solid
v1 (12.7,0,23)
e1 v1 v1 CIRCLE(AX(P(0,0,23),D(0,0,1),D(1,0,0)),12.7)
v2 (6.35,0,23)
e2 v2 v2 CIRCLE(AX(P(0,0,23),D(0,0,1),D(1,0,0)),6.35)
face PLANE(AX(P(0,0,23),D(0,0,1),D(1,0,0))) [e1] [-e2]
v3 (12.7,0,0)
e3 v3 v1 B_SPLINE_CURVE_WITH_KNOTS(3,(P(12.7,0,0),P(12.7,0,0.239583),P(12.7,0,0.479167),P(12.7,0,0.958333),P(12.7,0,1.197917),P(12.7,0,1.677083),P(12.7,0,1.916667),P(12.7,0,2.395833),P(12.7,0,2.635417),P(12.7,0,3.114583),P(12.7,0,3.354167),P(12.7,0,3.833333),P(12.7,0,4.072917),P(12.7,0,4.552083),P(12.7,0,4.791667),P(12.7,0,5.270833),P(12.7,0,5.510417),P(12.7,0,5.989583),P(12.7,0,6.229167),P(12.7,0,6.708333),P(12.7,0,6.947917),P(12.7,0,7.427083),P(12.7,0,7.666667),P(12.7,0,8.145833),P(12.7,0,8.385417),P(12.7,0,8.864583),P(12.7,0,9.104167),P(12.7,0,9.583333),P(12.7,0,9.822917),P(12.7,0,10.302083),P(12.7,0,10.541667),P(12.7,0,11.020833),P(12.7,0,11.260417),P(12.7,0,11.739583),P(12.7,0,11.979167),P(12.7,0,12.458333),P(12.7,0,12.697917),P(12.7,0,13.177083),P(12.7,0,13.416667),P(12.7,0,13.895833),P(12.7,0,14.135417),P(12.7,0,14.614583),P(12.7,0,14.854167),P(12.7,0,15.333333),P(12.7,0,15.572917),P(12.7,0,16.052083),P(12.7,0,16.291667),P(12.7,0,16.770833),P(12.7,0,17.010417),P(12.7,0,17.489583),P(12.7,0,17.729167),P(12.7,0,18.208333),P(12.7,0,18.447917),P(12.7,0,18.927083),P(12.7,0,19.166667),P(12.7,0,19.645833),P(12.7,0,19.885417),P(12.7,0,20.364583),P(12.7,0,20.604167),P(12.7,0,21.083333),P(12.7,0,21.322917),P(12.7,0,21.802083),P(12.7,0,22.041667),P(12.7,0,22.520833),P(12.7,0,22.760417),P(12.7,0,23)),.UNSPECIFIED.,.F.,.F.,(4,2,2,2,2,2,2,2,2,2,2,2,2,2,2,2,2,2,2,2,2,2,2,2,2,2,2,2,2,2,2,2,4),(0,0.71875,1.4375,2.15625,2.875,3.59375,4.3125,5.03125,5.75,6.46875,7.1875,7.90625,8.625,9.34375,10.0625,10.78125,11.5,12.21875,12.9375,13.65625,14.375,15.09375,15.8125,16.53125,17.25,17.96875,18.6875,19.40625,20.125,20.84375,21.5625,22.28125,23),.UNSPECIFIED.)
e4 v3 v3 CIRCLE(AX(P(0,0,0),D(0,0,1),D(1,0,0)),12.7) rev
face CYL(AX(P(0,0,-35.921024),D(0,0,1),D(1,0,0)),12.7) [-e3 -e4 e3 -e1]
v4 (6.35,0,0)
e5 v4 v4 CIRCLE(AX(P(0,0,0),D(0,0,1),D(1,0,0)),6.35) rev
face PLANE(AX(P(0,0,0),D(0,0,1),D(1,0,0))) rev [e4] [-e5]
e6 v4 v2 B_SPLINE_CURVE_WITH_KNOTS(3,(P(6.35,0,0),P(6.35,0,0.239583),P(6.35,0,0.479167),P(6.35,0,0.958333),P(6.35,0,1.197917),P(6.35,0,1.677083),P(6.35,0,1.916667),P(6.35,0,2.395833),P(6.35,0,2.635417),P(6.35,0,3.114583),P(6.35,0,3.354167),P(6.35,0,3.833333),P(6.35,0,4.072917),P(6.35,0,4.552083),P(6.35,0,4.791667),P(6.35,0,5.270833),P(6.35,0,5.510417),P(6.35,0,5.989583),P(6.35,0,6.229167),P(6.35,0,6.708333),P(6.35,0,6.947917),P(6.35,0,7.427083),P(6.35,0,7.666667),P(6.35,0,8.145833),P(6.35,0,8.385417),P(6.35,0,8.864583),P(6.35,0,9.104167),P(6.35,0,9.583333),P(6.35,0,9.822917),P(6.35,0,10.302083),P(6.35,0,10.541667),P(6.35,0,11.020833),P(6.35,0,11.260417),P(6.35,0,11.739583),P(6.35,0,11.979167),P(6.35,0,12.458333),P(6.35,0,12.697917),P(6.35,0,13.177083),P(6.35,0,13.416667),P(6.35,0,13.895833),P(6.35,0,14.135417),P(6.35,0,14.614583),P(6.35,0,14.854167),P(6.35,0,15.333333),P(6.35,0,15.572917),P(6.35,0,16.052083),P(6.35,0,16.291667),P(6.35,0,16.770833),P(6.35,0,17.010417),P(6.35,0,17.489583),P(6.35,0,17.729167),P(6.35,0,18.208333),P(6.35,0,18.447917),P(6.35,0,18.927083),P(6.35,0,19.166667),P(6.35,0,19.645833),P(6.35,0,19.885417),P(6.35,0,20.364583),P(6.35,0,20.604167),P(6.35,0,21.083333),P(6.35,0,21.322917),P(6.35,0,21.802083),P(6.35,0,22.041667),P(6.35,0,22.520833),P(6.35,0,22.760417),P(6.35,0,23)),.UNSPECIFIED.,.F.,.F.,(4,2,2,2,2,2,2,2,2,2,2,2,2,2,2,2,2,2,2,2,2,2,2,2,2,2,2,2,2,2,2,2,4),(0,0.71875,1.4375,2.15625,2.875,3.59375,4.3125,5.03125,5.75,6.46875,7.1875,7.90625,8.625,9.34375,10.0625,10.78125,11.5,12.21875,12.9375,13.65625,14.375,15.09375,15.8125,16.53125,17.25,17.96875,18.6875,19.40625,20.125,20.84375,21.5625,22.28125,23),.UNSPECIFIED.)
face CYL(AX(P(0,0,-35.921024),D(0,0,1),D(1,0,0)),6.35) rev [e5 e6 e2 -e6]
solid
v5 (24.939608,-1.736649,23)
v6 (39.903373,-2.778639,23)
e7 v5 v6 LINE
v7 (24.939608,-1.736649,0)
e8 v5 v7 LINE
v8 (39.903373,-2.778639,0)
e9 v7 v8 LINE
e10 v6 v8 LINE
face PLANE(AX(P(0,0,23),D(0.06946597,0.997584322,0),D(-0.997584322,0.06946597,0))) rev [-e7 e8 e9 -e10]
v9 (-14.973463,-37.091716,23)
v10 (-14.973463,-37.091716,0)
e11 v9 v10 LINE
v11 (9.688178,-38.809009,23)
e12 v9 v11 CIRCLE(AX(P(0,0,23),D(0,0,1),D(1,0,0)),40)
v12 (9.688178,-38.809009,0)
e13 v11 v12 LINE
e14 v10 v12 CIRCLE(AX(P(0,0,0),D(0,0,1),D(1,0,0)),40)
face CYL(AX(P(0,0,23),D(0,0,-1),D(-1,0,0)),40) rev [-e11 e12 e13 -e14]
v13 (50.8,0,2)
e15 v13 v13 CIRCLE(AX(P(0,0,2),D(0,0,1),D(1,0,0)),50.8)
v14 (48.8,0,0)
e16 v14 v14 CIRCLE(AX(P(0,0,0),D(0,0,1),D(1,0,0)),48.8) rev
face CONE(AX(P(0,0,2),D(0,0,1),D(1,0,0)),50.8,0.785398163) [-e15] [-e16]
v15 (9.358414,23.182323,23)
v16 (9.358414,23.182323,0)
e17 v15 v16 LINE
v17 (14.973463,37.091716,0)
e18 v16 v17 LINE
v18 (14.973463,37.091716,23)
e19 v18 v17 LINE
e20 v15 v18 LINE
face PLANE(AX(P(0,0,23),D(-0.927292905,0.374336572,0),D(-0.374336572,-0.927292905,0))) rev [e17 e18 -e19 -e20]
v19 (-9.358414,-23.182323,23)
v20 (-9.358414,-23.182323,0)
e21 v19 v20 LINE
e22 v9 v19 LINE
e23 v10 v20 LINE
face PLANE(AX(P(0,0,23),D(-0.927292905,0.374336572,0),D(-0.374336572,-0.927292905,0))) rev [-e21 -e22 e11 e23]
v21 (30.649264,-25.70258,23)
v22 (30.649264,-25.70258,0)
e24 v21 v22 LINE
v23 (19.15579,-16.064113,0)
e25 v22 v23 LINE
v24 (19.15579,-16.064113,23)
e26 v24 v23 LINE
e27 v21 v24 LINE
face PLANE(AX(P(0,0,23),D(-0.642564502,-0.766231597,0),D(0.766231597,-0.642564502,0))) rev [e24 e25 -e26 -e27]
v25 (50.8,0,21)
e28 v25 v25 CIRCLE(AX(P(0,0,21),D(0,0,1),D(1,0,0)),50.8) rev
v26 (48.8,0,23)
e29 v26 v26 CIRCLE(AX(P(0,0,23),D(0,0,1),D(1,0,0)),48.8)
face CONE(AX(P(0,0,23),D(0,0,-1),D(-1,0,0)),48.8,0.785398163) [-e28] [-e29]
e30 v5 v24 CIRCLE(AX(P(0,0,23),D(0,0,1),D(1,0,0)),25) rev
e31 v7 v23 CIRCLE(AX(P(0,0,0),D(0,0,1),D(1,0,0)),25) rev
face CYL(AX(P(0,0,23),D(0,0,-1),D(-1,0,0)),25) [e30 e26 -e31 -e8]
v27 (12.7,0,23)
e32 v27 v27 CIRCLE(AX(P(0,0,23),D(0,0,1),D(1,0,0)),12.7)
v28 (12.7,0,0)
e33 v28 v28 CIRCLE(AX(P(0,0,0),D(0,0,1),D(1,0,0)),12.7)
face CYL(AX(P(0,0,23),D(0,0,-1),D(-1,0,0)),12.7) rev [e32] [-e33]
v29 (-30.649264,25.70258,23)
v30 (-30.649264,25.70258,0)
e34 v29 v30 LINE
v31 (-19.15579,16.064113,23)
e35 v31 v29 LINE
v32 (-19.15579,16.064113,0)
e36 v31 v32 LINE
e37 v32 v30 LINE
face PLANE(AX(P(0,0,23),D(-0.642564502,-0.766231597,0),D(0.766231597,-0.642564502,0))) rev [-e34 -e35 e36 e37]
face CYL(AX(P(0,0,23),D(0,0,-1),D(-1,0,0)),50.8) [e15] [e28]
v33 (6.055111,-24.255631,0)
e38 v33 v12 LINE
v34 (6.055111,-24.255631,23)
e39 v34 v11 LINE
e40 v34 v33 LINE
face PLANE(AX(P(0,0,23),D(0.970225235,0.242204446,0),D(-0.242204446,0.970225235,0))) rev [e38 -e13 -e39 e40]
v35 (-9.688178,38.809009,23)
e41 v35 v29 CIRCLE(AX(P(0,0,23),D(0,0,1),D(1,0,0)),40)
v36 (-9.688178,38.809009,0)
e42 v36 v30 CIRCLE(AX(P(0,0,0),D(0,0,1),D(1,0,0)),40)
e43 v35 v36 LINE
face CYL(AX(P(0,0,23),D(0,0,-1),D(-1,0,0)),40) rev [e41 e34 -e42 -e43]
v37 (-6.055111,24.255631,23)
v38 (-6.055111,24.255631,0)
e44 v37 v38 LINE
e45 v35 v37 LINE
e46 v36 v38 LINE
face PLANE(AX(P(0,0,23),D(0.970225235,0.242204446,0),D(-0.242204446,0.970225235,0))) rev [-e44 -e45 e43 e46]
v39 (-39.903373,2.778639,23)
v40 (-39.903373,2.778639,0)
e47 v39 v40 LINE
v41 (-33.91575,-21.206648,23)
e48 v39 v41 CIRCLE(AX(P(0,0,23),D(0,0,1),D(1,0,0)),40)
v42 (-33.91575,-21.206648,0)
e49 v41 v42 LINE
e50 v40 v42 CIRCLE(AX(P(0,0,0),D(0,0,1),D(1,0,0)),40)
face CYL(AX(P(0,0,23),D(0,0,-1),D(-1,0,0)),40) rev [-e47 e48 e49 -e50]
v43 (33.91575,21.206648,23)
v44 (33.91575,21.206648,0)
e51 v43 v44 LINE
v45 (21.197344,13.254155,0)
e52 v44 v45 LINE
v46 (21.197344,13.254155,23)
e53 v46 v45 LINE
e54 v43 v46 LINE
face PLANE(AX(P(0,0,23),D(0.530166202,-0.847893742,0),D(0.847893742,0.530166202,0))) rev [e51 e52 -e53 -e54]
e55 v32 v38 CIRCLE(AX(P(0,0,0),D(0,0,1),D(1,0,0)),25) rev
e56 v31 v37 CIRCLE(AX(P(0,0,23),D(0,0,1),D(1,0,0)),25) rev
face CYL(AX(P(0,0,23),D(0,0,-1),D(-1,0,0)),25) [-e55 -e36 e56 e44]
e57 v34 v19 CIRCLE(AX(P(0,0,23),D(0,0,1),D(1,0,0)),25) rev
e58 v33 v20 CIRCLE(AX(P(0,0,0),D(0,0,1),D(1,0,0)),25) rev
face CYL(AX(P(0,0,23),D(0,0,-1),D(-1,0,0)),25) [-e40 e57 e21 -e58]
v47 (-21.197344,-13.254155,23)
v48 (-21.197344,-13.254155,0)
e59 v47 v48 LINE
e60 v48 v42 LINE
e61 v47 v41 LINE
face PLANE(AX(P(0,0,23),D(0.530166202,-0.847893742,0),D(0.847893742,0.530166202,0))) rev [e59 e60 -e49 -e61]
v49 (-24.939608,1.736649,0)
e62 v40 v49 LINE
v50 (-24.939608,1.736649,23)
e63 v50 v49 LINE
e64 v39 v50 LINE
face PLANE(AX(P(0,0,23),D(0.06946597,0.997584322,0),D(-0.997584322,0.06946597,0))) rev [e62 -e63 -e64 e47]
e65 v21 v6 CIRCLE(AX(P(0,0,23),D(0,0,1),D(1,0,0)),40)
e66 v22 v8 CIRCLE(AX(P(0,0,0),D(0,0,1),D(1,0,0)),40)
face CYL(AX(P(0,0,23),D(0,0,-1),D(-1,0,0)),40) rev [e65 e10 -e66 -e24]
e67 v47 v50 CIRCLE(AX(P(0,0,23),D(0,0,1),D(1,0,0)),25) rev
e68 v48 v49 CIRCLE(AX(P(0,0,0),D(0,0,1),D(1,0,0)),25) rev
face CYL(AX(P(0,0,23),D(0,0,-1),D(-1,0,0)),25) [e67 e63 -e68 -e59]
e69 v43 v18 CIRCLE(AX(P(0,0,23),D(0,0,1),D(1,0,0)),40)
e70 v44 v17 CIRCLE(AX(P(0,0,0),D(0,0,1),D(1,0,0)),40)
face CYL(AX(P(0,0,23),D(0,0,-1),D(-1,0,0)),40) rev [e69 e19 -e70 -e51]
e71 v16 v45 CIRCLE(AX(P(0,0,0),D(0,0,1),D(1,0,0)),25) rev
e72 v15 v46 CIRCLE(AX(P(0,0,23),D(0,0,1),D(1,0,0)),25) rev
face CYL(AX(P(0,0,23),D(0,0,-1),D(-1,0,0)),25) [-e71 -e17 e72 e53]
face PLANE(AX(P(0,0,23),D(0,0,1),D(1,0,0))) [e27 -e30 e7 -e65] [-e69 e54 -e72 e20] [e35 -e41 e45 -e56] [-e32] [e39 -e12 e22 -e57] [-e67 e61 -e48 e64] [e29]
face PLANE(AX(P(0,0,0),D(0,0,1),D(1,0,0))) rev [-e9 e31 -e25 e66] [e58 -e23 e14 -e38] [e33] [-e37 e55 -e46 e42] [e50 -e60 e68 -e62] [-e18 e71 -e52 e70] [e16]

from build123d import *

# Parameters (mm, degrees)
SKETCH1_R           = 50.8
SKETCH1_R_2         = 12.7
BOSS_EXTRUDE1_DEPTH = 23
CHAMFER1_SIZE       = 2
SKETCH3_R           = 12.7
SKETCH3_R_2         = 6.35
BOSS_EXTRUDE3_DEPTH = 23


with BuildPart() as part:
    # Sketch1 → Boss-Extrude1 (new body)
    with BuildSketch(Plane.XY):
        Circle(SKETCH1_R)
        Circle(SKETCH1_R_2, mode=Mode.SUBTRACT)
        with BuildLine():
            ThreePointArc((-14.973462877, -37.091716184), (-2.77863879, -39.903372871), (9.688177823, -38.809009398))
            Line((9.688177823, -38.809009398), (6.055111139, -24.255630874))
            ThreePointArc((6.055111139, -24.255630874), (-1.736649244, -24.939608044), (-9.358414298, -23.182322615))
            Line((-9.358414298, -23.182322615), (-14.973462877, -37.091716184))
        make_face(mode=Mode.SUBTRACT)
        with BuildLine():
            ThreePointArc((30.649263883, -25.702580092), (37.091716184, -14.973462877), (39.903372871, -2.77863879))
            Line((39.903372871, -2.77863879), (24.939608044, -1.736649244))
            ThreePointArc((24.939608044, -1.736649244), (23.182322615, -9.358414298), (19.155789927, -16.064112558))
            Line((19.155789927, -16.064112558), (30.649263883, -25.702580092))
        make_face(mode=Mode.SUBTRACT)
        with BuildLine():
            ThreePointArc((33.915749687, 21.206648088), (25.702580092, 30.649263883), (14.973462877, 37.091716184))
            Line((14.973462877, 37.091716184), (9.358414298, 23.182322615))
            ThreePointArc((9.358414298, 23.182322615), (16.064112558, 19.155789927), (21.197343555, 13.254155055))
            Line((21.197343555, 13.254155055), (33.915749687, 21.206648088))
        make_face(mode=Mode.SUBTRACT)
        with BuildLine():
            ThreePointArc((-9.688177823, 38.809009398), (-21.206648088, 33.915749687), (-30.649263883, 25.702580092))
            Line((-30.649263883, 25.702580092), (-19.155789927, 16.064112558))
            ThreePointArc((-19.155789927, 16.064112558), (-13.254155055, 21.197343555), (-6.055111139, 24.255630874))
            Line((-6.055111139, 24.255630874), (-9.688177823, 38.809009398))
        make_face(mode=Mode.SUBTRACT)
        with BuildLine():
            ThreePointArc((-39.903372871, 2.77863879), (-38.809009398, -9.688177823), (-33.915749687, -21.206648088))
            Line((-33.915749687, -21.206648088), (-21.197343555, -13.254155055))
            ThreePointArc((-21.197343555, -13.254155055), (-24.255630874, -6.055111139), (-24.939608044, 1.736649244))
            Line((-24.939608044, 1.736649244), (-39.903372871, 2.77863879))
        make_face(mode=Mode.SUBTRACT)
    extrude(amount=BOSS_EXTRUDE1_DEPTH)

    # Chamfer1
    chamfer1_edges = [part.edges().sort_by_distance(p)[0] for p in [
        (-50.8, 0, 23),
        (-50.8, 0, 0),
    ]]
    chamfer(chamfer1_edges, length=CHAMFER1_SIZE)


with BuildPart() as body_2:
    # Sketch3 → Boss-Extrude3 (new body)
    with BuildSketch(Plane.XY.offset(23)):
        Circle(SKETCH3_R)
        Circle(SKETCH3_R_2, mode=Mode.SUBTRACT)
    extrude(amount=-BOSS_EXTRUDE3_DEPTH)


solid = Compound([part.part, body_2.part])
